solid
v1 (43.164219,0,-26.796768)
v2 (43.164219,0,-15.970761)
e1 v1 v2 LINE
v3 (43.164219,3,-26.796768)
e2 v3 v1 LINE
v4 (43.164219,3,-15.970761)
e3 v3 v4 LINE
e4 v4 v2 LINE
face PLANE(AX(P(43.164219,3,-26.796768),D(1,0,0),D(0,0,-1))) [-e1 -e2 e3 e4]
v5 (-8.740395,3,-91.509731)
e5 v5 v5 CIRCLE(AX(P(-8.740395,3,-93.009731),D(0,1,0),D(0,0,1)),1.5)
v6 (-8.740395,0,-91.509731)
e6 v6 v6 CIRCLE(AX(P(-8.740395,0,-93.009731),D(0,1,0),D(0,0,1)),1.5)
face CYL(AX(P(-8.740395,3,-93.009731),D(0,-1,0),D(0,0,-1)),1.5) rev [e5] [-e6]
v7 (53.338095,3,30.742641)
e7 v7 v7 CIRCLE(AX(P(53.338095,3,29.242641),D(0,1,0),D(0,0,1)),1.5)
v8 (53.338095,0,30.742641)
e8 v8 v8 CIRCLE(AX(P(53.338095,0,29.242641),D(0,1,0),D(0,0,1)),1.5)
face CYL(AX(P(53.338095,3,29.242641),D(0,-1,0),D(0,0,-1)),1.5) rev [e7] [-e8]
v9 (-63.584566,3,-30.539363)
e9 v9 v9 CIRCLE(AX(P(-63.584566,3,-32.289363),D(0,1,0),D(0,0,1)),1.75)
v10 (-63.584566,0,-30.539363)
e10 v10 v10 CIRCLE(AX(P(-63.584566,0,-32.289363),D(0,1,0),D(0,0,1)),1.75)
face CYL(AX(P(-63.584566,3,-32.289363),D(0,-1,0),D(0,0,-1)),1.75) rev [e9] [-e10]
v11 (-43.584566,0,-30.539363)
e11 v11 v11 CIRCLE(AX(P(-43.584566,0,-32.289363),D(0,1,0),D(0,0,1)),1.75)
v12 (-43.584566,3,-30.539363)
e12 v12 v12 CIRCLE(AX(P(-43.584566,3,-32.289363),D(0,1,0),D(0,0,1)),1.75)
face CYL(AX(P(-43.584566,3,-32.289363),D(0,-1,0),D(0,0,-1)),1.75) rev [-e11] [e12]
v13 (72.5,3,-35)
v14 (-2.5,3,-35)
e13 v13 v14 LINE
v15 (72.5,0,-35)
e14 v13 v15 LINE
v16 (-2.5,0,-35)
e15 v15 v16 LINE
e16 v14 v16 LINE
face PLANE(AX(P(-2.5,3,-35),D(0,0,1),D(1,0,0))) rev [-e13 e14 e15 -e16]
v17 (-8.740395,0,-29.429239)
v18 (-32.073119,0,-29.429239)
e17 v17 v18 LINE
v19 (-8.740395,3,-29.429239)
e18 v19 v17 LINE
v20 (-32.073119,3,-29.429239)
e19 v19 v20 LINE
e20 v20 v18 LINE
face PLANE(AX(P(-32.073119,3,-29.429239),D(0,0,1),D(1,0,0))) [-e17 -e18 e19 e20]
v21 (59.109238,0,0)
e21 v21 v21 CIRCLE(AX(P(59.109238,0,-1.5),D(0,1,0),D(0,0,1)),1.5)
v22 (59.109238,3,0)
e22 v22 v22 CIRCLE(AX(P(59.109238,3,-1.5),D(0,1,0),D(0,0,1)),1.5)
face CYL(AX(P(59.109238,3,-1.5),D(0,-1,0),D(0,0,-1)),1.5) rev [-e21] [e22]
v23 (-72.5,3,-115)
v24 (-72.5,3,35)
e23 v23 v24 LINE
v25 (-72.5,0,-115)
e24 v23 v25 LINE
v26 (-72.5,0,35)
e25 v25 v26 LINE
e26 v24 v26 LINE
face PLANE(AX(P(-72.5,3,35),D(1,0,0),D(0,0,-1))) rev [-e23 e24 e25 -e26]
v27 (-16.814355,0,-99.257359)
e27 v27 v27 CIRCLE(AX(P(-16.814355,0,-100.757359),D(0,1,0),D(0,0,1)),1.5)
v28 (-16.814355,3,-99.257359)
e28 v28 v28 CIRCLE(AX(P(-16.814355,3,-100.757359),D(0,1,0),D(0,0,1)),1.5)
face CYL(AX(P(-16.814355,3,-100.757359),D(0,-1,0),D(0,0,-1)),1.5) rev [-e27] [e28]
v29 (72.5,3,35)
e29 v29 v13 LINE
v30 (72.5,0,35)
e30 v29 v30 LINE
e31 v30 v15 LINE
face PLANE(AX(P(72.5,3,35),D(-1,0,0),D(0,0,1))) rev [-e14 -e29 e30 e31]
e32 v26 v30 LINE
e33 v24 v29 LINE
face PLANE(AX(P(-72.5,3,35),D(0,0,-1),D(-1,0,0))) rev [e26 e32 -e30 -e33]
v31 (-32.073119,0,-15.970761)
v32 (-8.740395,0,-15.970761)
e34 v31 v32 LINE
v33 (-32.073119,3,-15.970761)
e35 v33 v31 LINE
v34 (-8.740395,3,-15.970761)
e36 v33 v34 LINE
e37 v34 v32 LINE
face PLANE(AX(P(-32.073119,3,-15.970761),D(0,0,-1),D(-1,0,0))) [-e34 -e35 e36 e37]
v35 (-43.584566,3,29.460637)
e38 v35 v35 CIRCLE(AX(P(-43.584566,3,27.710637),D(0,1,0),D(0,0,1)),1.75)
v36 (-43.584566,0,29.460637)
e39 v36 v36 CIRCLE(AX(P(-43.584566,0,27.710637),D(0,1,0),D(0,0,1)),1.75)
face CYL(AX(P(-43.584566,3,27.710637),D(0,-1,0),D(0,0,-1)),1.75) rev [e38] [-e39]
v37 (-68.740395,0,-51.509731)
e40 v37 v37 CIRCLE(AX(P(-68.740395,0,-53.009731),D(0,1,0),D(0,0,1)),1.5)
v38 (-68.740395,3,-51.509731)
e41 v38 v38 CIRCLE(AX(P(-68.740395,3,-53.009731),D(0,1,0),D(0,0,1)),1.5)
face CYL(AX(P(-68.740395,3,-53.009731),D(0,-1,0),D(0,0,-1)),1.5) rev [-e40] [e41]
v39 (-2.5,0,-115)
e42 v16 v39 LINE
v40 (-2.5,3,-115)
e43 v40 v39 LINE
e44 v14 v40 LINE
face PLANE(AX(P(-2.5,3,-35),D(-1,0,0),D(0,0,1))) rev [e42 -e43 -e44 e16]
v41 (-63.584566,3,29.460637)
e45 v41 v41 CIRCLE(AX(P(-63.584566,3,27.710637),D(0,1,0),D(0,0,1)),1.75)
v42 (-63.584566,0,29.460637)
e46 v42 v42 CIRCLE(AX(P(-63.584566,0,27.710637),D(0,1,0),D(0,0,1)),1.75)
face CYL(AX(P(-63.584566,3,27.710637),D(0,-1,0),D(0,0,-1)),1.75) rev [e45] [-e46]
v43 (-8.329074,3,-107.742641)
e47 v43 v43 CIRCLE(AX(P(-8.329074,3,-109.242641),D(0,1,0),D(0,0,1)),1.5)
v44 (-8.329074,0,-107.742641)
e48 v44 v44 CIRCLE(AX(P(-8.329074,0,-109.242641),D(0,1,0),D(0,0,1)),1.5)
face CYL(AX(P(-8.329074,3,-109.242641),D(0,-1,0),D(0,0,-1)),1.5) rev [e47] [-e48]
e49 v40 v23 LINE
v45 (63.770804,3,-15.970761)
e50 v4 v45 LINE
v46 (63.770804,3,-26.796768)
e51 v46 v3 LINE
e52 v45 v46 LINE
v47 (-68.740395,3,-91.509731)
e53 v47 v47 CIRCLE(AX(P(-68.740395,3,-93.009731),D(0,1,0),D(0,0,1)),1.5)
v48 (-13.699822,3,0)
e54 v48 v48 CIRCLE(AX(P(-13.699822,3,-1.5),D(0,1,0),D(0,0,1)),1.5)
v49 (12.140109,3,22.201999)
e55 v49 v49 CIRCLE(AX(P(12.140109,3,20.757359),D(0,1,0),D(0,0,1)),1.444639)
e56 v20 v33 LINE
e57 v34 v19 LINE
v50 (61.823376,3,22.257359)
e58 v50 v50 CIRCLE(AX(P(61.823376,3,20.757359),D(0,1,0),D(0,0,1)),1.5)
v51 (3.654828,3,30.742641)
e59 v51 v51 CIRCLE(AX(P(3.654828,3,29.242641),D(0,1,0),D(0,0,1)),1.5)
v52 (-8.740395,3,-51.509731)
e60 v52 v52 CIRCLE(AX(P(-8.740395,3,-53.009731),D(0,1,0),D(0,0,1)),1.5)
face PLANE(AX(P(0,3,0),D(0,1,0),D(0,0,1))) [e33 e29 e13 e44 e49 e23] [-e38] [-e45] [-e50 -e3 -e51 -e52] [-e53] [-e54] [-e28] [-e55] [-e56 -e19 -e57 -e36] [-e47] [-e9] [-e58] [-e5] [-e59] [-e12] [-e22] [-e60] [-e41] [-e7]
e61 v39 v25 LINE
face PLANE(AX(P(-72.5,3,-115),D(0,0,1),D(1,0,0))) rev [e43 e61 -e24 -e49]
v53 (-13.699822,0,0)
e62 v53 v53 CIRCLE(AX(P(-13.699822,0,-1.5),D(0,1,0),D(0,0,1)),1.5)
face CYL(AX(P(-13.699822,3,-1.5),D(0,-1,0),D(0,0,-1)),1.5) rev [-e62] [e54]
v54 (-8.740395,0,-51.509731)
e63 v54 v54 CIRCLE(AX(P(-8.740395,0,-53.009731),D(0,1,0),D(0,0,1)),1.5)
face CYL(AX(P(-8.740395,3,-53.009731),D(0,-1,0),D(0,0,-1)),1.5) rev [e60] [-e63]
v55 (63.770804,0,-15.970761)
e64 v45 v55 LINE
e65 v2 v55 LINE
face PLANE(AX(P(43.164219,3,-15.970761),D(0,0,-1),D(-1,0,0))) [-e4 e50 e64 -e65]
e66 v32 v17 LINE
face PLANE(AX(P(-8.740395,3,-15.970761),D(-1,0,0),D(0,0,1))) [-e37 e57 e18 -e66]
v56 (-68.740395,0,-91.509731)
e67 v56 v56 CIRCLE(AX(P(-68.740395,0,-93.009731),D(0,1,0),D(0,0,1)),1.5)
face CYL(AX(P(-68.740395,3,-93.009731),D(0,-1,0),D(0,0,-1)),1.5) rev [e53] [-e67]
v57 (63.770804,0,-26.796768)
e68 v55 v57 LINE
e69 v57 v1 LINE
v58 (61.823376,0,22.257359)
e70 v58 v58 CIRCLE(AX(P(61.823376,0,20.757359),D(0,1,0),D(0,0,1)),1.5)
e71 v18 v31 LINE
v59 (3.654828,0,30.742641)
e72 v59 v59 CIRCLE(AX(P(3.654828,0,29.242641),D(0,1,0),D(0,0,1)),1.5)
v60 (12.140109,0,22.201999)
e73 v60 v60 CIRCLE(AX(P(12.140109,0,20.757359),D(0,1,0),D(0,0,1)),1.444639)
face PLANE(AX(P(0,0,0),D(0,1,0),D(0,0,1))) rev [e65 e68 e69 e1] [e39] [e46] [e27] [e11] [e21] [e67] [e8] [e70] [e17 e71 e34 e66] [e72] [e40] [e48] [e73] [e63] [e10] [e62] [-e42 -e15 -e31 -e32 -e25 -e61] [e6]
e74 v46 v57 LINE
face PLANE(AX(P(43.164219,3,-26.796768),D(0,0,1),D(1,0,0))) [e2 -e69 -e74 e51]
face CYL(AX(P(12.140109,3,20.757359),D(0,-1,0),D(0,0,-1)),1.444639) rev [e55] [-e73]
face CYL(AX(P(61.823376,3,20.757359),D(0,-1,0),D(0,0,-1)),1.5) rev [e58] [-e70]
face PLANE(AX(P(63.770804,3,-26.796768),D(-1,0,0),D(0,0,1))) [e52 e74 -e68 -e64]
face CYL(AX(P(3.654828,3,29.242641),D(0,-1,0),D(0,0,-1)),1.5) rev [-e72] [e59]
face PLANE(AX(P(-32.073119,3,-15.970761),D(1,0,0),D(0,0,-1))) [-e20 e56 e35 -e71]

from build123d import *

# Parameters (mm, degrees)
SKETCH1_R           = 1.5
SKETCH1_R_2         = 1.44463942
SKETCH1_R_3         = 1.75
SKETCH1_W           = 23.332723566
SKETCH1_H           = 13.458477976
SKETCH1_W_2         = 20.606585233
SKETCH1_H_2         = 10.826007204
BOSS_EXTRUDE1_DEPTH = 3


with BuildPart() as part:
    # Sketch1 → Boss-Extrude1 (new body)
    with BuildSketch(Plane(origin=(0, 0, 0), x_dir=(1, 0, 0), z_dir=(0, 1, 0))):
        Polygon((-72.5, -35), (72.5, -35), (72.5, 35), (-2.5, 35), (-2.5, 115), (-72.5, 115), (-72.5, 35), align=None)
        with Locations(Location((3.654827994, -29.242640687, 0), (0, 0, 270))):
            Circle(SKETCH1_R, mode=Mode.SUBTRACT)
        with Locations(Location((12.140109368, -20.757359313, 0), (0, 0, 270))):
            Circle(SKETCH1_R_2, mode=Mode.SUBTRACT)
        with Locations(Location((53.338095075, -29.242640687, 0), (0, 0, 270))):
            Circle(SKETCH1_R, mode=Mode.SUBTRACT)
        with Locations(Location((61.823376449, -20.757359313, 0), (0, 0, 270))):
            Circle(SKETCH1_R, mode=Mode.SUBTRACT)
        with Locations(Location((-16.814355015, 100.757359313, 0), (0, 0, 270))):
            Circle(SKETCH1_R, mode=Mode.SUBTRACT)
        with Locations(Location((-8.329073641, 109.242640687, 0), (0, 0, 270))):
            Circle(SKETCH1_R, mode=Mode.SUBTRACT)
        with Locations(Location((-13.69982199, 1.5, 0), (0, 0, 270))):
            Circle(SKETCH1_R, mode=Mode.SUBTRACT)
        with Locations(Location((59.109237961, 1.5, 0), (0, 0, 270))):
            Circle(SKETCH1_R, mode=Mode.SUBTRACT)
        with Locations(Location((-63.584566194, -27.710636817, 0), (0, 0, 270))):
            Circle(SKETCH1_R_3, mode=Mode.SUBTRACT)
        with Locations(Location((-43.584566194, -27.710636817, 0), (0, 0, 270))):
            Circle(SKETCH1_R_3, mode=Mode.SUBTRACT)
        with Locations(Location((-43.584566194, 32.289363183, 0), (0, 0, 270))):
            Circle(SKETCH1_R_3, mode=Mode.SUBTRACT)
        with Locations(Location((-63.584566194, 32.289363183, 0), (0, 0, 270))):
            Circle(SKETCH1_R_3, mode=Mode.SUBTRACT)
        with Locations(Location((-68.740395312, 53.009730632, 0), (0, 0, 270))):
            Circle(SKETCH1_R, mode=Mode.SUBTRACT)
        with Locations(Location((-68.740395312, 93.009730632, 0), (0, 0, 270))):
            Circle(SKETCH1_R, mode=Mode.SUBTRACT)
        with Locations(Location((-8.740395312, 93.009730632, 0), (0, 0, 270))):
            Circle(SKETCH1_R, mode=Mode.SUBTRACT)
        with Locations(Location((-8.740395312, 53.009730632, 0), (0, 0, 270))):
            Circle(SKETCH1_R, mode=Mode.SUBTRACT)
        with Locations((-20.406757095, 22.7)):
            Rectangle(SKETCH1_W, SKETCH1_H, mode=Mode.SUBTRACT)
        with Locations((53.46751152, 21.383764614)):
            Rectangle(SKETCH1_W_2, SKETCH1_H_2, mode=Mode.SUBTRACT)
    extrude(amount=BOSS_EXTRUDE1_DEPTH)


solid = part.part
